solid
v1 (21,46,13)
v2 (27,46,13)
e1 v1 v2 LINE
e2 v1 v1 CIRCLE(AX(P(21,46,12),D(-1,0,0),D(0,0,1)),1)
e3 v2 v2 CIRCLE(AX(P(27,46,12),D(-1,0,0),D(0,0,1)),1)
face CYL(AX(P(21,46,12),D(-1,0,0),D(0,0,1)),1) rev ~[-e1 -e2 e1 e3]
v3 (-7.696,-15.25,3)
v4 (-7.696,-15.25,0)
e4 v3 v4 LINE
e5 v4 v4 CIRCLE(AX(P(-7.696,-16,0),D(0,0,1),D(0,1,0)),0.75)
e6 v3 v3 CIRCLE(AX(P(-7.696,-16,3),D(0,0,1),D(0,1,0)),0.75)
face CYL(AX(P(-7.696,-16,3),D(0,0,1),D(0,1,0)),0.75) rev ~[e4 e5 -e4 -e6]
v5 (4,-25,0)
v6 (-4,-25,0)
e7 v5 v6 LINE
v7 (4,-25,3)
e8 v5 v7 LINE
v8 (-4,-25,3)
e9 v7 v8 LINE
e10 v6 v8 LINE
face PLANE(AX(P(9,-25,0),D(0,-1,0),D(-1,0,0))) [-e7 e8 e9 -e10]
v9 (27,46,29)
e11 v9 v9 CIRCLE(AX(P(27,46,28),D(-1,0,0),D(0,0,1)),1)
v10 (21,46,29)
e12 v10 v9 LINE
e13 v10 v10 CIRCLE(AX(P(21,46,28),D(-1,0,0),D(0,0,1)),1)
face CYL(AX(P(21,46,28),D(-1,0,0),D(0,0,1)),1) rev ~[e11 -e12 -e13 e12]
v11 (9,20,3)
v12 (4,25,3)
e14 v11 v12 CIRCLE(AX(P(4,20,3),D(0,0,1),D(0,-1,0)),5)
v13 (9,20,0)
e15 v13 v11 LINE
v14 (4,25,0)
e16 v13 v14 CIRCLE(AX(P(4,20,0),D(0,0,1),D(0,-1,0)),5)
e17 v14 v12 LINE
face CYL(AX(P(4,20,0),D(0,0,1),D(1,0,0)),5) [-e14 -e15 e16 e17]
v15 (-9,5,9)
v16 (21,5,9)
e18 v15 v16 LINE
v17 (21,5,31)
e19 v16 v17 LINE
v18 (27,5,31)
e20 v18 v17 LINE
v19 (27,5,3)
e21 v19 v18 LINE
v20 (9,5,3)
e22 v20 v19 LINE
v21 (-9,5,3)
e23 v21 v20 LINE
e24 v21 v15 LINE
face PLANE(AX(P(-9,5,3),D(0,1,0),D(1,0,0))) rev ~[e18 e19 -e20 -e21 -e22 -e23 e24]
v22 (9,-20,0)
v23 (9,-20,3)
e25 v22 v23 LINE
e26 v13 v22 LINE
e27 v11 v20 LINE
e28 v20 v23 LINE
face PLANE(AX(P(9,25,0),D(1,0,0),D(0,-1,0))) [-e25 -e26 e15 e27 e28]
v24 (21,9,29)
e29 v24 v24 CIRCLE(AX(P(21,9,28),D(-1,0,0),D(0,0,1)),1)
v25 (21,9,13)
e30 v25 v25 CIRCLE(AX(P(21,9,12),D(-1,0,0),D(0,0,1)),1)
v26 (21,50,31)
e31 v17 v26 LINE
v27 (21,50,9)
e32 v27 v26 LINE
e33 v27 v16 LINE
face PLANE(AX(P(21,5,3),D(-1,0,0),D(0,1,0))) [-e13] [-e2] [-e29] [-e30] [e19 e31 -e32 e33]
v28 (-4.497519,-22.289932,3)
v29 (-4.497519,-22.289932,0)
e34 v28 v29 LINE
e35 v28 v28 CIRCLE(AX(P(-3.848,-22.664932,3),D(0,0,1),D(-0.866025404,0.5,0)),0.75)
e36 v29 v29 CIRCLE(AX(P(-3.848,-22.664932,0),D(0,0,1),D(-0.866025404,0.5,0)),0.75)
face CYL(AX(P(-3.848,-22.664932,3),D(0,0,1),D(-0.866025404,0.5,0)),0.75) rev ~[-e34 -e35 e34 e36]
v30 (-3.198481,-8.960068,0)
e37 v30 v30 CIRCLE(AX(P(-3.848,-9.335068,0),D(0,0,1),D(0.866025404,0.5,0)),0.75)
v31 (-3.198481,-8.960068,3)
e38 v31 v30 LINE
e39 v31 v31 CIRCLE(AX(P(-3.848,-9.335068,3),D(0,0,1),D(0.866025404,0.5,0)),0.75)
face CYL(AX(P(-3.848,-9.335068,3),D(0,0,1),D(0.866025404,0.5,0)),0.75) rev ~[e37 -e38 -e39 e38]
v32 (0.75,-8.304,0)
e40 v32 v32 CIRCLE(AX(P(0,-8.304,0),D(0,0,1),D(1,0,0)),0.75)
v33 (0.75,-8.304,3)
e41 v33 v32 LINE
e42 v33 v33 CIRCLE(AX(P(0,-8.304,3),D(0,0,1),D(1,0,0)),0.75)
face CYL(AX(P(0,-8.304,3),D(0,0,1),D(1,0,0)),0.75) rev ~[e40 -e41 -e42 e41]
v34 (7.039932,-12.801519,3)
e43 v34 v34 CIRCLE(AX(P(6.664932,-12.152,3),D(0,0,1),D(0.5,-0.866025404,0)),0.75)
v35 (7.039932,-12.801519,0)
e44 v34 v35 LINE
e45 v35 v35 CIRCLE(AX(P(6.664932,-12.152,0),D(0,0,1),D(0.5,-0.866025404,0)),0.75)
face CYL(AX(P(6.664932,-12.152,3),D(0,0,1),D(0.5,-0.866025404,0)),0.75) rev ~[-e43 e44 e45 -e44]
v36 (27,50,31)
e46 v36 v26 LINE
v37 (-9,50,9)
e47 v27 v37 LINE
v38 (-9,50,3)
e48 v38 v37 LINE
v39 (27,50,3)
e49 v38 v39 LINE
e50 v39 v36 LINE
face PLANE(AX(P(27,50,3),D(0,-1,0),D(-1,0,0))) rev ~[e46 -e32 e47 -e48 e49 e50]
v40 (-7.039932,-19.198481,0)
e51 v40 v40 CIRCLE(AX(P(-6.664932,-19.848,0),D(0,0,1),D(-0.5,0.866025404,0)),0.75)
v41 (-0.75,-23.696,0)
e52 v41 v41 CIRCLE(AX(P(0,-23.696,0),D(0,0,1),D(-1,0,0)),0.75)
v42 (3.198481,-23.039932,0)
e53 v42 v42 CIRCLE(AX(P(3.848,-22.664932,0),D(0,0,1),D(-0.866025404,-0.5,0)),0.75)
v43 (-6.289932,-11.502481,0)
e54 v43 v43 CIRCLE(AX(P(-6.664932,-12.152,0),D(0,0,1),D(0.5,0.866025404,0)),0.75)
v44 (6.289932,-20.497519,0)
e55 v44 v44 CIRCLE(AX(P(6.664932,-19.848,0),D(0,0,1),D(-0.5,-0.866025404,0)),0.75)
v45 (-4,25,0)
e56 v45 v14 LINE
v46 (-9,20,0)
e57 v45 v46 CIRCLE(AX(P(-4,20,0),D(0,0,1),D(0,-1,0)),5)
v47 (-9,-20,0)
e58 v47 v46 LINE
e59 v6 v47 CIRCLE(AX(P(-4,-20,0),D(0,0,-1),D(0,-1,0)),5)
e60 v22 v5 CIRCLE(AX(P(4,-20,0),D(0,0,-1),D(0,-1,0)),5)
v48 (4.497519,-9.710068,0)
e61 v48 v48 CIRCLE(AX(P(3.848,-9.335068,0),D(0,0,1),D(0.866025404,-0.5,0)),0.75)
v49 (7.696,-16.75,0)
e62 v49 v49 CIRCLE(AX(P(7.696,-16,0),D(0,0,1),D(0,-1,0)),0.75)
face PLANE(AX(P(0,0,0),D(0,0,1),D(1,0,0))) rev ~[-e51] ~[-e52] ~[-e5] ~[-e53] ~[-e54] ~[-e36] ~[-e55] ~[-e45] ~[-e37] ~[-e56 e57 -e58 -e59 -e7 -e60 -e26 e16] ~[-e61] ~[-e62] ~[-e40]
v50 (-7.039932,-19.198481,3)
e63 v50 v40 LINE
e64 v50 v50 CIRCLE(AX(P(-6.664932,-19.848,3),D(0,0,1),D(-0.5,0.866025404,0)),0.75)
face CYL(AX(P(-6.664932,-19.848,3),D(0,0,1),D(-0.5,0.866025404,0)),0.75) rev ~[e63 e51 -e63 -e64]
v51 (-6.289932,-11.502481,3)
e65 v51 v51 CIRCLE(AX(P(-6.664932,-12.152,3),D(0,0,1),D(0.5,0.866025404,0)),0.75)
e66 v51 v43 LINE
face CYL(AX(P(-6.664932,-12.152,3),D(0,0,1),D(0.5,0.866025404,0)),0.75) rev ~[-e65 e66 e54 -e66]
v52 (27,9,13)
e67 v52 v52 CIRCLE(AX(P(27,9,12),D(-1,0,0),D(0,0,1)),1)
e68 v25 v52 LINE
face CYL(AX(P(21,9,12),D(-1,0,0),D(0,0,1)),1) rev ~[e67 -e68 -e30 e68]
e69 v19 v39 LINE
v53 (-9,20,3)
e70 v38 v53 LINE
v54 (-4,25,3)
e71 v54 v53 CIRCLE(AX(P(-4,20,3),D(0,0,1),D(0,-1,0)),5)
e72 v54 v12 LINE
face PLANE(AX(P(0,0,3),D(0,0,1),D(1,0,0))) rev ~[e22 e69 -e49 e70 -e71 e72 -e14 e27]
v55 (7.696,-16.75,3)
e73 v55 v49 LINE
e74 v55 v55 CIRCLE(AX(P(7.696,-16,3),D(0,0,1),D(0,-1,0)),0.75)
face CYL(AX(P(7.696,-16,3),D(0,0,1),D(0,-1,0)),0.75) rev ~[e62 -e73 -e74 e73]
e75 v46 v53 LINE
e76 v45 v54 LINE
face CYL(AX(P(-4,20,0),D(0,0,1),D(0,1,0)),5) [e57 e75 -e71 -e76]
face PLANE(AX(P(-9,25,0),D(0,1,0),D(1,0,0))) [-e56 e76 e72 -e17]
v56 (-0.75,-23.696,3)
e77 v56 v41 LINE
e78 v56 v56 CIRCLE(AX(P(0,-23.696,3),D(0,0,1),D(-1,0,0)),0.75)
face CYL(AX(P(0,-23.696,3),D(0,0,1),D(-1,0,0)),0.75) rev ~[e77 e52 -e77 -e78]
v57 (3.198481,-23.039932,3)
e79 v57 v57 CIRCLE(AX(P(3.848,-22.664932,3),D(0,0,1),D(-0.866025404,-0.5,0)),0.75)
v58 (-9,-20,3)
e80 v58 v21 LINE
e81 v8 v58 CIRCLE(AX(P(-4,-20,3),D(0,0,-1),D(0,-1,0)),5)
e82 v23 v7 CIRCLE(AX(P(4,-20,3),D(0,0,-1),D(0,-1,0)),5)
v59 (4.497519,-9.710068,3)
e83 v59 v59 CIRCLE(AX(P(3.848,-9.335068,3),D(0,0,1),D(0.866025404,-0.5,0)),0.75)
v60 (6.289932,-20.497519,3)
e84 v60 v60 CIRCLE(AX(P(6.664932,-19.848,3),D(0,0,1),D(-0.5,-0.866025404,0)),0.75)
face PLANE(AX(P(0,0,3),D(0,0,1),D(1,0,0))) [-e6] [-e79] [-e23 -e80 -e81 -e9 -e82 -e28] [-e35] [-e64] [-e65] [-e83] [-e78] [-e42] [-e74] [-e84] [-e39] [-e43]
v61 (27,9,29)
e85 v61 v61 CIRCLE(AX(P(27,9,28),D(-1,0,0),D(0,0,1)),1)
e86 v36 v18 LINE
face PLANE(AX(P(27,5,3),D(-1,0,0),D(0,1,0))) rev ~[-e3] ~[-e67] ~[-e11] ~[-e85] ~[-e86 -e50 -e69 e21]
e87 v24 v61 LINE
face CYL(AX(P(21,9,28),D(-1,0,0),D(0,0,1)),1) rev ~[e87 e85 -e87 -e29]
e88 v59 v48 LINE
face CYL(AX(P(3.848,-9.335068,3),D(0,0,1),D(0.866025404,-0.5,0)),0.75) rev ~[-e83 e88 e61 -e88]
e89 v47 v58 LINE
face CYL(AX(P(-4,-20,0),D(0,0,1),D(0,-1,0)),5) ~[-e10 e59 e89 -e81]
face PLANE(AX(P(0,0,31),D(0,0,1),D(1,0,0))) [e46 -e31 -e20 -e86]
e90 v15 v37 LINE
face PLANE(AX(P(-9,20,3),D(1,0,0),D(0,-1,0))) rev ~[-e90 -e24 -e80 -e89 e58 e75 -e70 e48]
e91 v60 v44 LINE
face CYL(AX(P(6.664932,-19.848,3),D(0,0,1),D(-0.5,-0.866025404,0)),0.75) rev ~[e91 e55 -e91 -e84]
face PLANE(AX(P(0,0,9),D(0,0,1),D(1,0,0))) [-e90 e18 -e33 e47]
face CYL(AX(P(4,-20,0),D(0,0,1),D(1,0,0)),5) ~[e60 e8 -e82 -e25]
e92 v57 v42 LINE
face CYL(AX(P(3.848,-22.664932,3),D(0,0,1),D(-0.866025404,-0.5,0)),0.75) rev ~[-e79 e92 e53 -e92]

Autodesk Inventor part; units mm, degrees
ref_plane "YZ Plane" through (0, 0, 0) normal (1, 0, 0) x (0, 1, 0)
ref_plane "XZ Plane" through (0, 0, 0) normal (0, 1, 0) x (-1, 0, 0)
ref_plane "XY Plane" through (0, 0, 0) normal (0, 0, 1) x (1, 0, 0)
sketch "Sketch1" plane through (0, 0, 0) normal (0, 0, 1) x (1, 0, 0)
  line L0 (-9, 25) -> (9, 25)
  line L1 (9, 25) -> (9, -25)
  line L2 (9, -25) -> (-9, -25)
  line L3 (-9, -25) -> (-9, 25)
  point P0 (0, 0)
  point P1 (0, 25)
  point P2 (-9, 0)
  dimension "d0" = 18
  dimension "d1" = 50
extrude "Extrusion1" add sketch "Sketch1" along normal blind 3
fillet "Fillet1" radius 5 2 edges at (-9, -25, 1.5) (9, -25, 1.5)
fillet "Fillet2" radius 5 2 edges at (-9, 25, 1.5) (9, 25, 1.5)
sketch "Sketch2" plane through (0, 0, 3) normal (0, 0, 1) x (1, 0, 0)
  circle A0 centre (0, -16) radius 9
  circle A1 centre (0, 16) radius 9
  line L0 (-4, -25) -> (4, -25) projected
  circle A2 centre (0, -8.304) radius 0.75
  line L1 (4, 25) -> (-4, 25) projected
  point P0 (0, 0)
  dimension "d6" = 18
  dimension "d8" = 1.5
  dimension "d10" = 18
extrude "Extrusion2" cut sketch "Sketch2" against normal up to surface (3 mm away) contours A2
pattern_circular "Circular Pattern1" count 12 over 360 about axis through (0, -16, 3) along (0, 0, 1) of "Extrusion2"
sketch "Sketch4" plane through (0, 0, 3) normal (0, 0, 1) x (1, 0, 0)
  line L0 (-9, 5) -> (27, 5)
  line L1 (27, 5) -> (27, 50)
  line L2 (27, 50) -> (-9, 50)
  line L3 (-9, 50) -> (-9, 5)
  line L4 (-9, 20) -> (-9, -20) projected
  line L5 (4, 25) -> (-4, 25) projected
  point P0 (0, 0)
  dimension "d25" = 36
  dimension "d26" = 45
  dimension "d27" = 20
extrude "Extrusion5" add sketch "Sketch4" along normal blind 6
sketch "Sketch5" plane through (0, 0, 3) normal (0, 0, 1) x (1, 0, 0)
  line L0 (27, 50) -> (-9, 50) projected
  line L1 (27, 5) -> (21, 5)
  line L2 (21, 5) -> (21, 50)
  line L3 (21, 50) -> (27, 50)
  line L4 (27, 50) -> (27, 5)
  point P0 (0, 0)
  dimension "d30" = 6
extrude "Extrusion6" add sketch "Sketch5" along normal blind 28
sketch "Sketch6" plane through (21, 5, 3) normal (-1, 0, 0) x (0, 0, 1)
  circle A0 centre (25, 4) radius 1
  circle A1 centre (9, 4) radius 1
  circle A2 centre (25, 41) radius 1
  circle A3 centre (9, 41) radius 1
  line L0 (6, 0) -> (28, 0) projected
  line L1 (25, 4) -> (25, 41) construction
  line L2 (28, 45) -> (28, 0) projected
  point P0 (-3, -5)
  point P1 (0, 0)
  point P2 (28, 22.5)
  point P3 (25, 22.5)
  dimension "d33" = 2
  dimension "d34" = 2
  dimension "d35" = 2
  dimension "d36" = 2
  dimension "d37" = 37
  dimension "d38" = 16
  dimension "d40" = 16
  dimension "d43" = 3
extrude "Extrusion7" cut sketch "Sketch6" against normal up to surface (6 mm away)
properties part number "first_perc_link"
